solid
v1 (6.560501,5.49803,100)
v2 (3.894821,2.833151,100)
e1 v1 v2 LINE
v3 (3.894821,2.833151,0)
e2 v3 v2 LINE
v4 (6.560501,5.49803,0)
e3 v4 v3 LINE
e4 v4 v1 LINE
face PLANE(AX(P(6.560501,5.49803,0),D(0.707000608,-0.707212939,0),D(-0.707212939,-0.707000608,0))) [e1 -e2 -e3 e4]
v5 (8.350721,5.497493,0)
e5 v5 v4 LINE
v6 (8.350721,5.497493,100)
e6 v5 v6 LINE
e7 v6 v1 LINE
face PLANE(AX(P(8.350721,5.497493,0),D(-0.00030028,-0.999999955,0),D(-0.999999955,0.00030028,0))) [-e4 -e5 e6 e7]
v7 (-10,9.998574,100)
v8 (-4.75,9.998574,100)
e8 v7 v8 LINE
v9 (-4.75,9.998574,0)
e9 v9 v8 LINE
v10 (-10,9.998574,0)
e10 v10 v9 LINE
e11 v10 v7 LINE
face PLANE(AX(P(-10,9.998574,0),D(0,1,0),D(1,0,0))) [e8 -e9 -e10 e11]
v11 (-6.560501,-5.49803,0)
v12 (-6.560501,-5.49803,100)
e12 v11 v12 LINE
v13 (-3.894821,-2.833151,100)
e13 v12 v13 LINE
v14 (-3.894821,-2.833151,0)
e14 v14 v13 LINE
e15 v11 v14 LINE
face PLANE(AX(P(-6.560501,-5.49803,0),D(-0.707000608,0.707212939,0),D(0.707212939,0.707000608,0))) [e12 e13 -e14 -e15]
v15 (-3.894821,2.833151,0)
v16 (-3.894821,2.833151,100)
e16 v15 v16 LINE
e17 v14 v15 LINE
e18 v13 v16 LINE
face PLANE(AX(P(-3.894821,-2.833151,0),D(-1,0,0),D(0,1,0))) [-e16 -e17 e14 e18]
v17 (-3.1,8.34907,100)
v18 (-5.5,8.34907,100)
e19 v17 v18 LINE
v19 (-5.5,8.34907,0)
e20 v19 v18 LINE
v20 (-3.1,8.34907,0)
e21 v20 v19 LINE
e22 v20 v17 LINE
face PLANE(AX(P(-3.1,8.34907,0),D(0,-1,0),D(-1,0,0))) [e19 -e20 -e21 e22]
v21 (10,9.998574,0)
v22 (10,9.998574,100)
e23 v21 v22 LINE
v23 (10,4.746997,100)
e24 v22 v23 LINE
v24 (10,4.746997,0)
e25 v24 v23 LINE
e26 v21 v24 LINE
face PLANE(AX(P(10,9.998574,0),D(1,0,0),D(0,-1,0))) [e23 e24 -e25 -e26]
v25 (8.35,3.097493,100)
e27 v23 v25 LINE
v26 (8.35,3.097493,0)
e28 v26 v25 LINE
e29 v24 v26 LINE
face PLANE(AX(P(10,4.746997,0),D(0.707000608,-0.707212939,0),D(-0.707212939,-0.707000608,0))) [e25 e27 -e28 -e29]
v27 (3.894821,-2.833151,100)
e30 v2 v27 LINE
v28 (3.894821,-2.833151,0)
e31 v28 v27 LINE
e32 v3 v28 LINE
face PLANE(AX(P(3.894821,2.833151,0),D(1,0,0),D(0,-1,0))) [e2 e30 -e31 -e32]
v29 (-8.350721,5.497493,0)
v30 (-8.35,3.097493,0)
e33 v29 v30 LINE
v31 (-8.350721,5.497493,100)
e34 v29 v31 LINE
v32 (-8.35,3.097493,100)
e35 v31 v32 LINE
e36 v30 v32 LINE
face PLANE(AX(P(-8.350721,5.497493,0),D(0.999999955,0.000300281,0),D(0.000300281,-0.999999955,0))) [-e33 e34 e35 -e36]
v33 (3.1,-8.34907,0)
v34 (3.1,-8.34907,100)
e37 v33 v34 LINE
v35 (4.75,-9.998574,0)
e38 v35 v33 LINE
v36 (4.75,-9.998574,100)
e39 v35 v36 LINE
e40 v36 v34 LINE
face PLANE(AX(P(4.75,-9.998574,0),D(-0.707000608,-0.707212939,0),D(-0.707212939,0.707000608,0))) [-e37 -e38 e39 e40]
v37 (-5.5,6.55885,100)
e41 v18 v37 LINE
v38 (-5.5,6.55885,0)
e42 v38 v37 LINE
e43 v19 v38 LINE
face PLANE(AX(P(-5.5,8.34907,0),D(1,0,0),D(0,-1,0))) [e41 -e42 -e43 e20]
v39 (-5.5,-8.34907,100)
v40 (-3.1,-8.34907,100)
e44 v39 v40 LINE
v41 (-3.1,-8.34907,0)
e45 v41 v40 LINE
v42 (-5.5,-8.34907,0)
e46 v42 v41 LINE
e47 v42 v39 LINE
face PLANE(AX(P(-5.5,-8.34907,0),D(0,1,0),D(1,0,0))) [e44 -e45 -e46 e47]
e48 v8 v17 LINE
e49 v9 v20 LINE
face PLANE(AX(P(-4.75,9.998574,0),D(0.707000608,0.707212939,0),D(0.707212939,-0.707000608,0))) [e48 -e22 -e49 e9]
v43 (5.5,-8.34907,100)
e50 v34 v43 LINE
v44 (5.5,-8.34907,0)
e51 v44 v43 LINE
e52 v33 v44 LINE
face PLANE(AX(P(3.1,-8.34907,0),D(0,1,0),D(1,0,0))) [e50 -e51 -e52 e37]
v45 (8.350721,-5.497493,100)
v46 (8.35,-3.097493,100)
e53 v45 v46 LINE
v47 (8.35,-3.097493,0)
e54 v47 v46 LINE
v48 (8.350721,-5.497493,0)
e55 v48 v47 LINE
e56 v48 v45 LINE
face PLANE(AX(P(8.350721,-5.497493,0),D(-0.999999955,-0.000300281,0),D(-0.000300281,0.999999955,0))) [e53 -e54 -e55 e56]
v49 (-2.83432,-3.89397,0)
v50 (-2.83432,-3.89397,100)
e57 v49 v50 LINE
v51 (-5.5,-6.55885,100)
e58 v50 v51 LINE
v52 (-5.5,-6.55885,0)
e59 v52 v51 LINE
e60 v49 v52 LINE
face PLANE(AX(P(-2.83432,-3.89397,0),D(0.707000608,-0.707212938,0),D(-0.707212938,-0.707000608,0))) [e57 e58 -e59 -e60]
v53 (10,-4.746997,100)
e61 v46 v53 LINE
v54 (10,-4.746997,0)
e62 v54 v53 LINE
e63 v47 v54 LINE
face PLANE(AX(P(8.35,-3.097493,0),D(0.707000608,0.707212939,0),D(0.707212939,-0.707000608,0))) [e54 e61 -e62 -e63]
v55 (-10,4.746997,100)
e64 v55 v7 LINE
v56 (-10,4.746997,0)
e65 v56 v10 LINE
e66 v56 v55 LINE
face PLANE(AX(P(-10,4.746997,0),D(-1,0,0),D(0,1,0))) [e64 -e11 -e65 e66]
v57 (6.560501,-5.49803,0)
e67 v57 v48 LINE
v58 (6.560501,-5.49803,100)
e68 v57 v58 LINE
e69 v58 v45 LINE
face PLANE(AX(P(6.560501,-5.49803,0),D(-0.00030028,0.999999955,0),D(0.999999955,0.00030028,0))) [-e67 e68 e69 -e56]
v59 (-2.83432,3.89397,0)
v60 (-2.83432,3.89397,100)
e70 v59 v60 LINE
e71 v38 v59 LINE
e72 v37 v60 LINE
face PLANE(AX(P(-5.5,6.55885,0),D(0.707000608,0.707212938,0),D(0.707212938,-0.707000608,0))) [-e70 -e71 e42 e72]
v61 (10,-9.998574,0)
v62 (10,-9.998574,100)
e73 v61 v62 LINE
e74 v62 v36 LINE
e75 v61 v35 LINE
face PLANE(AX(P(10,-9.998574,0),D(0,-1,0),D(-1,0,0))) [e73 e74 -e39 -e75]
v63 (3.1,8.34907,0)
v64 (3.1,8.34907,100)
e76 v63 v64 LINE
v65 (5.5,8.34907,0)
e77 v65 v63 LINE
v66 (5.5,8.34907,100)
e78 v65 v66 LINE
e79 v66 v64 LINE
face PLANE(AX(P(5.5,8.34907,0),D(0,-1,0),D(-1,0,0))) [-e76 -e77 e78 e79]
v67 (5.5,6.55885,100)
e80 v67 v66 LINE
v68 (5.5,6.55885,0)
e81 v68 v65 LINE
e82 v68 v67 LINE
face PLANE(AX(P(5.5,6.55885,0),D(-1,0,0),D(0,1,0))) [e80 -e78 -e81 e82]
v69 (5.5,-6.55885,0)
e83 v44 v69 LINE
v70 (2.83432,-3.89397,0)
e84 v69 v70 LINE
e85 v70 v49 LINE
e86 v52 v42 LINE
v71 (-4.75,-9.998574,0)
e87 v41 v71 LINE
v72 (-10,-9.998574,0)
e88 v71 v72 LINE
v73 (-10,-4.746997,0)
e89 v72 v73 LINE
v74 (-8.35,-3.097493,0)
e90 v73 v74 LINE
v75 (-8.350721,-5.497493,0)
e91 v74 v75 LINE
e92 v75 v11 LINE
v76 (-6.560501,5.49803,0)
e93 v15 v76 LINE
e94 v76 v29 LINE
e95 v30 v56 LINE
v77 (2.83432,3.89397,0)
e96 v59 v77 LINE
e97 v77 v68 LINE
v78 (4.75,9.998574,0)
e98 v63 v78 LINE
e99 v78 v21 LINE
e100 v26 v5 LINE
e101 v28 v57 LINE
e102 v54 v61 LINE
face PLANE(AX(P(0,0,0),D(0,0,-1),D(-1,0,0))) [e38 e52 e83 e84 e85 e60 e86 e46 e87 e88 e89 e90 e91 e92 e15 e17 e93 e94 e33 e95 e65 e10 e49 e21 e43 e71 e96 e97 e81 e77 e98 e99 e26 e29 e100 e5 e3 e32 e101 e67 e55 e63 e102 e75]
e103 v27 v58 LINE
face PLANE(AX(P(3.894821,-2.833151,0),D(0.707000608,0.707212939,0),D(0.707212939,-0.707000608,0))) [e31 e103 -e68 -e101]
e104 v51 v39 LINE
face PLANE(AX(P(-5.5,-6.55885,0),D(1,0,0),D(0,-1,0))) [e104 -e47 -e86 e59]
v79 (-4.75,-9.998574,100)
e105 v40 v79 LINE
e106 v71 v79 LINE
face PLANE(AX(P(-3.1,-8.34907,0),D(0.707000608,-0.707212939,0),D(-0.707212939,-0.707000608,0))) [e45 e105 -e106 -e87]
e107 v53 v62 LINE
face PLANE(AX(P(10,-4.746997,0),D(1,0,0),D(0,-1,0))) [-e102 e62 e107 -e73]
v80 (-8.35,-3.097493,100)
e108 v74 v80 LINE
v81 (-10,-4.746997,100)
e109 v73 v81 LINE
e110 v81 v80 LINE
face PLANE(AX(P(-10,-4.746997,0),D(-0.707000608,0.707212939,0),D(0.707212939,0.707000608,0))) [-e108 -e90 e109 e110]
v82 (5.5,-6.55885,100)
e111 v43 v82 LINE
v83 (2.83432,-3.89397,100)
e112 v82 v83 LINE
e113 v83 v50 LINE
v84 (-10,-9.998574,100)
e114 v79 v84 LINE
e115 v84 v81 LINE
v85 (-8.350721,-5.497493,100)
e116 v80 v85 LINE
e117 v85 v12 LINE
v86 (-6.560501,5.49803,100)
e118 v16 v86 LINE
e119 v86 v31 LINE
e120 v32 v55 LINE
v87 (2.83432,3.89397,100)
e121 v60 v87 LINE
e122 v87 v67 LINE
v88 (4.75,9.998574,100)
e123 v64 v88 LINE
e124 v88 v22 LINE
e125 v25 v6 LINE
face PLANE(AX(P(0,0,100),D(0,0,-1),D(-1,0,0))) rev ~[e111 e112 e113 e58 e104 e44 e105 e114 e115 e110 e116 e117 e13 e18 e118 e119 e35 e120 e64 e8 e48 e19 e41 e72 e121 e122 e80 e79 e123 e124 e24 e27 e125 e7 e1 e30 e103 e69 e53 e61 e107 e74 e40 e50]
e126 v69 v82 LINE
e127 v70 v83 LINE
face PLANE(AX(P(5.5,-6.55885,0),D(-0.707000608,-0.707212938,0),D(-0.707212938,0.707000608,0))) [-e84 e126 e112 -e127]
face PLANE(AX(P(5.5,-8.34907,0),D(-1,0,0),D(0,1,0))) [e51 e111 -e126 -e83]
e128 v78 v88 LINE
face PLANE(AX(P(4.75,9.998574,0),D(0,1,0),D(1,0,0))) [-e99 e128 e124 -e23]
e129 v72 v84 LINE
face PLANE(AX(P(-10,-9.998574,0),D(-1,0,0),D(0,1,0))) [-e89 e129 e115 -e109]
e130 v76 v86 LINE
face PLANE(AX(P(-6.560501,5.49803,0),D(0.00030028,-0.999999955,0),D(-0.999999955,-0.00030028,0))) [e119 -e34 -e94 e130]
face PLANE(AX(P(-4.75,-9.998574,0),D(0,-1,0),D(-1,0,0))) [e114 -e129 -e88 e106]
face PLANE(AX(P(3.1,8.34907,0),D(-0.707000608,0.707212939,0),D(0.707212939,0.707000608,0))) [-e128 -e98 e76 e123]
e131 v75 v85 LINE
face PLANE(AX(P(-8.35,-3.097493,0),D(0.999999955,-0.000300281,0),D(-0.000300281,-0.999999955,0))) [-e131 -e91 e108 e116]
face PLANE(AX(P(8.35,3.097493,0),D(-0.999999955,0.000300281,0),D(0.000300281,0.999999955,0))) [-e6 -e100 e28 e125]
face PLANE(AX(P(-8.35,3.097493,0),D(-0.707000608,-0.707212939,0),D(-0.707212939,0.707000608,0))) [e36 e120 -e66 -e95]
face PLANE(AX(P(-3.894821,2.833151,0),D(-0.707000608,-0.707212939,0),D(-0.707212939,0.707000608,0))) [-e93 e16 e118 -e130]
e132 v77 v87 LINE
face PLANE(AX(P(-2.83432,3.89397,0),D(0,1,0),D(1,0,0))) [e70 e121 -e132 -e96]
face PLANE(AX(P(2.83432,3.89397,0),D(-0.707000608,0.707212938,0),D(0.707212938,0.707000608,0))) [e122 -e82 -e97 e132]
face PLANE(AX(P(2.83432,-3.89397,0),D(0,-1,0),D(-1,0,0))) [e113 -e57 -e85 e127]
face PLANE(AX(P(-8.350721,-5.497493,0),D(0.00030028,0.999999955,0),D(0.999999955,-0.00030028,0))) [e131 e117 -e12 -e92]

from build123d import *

# Parameters (mm, degrees)
BOSS_EXTRUDE1_DEPTH = 100


with BuildPart() as part:
    # Sketch1 → Boss-Extrude1 (new body)
    with BuildSketch(Plane.XY):
        Polygon((-2.834320347, 3.893970342), (2.834320347, 3.893970342), (5.5, 6.558849663), (5.5, 8.349069506), (3.1, 8.349069506), (4.75, 9.998574117), (10, 9.998574117), (10, 4.746997406), (8.35, 3.097492795), (8.350720674, 5.497492687), (6.560500912, 5.498030255), (3.894821259, 2.833150935), (3.894821259, -2.833150935), (6.560500912, -5.498030255), (8.350720674, -5.497492687), (8.35, -3.097492795), (10, -4.746997406), (10, -9.998574117), (4.75, -9.998574117), (3.1, -8.349069506), (5.5, -8.349069506), (5.5, -6.558849663), (2.834320347, -3.893970342), (-2.834320347, -3.893970342), (-5.5, -6.558849663), (-5.5, -8.349069506), (-3.1, -8.349069506), (-4.75, -9.998574117), (-10, -9.998574117), (-10, -4.746997406), (-8.35, -3.097492795), (-8.350720674, -5.497492687), (-6.560500912, -5.498030255), (-3.894821259, -2.833150935), (-3.894821259, 2.833150935), (-6.560500912, 5.498030255), (-8.350720674, 5.497492687), (-8.35, 3.097492795), (-10, 4.746997406), (-10, 9.998574117), (-4.75, 9.998574117), (-3.1, 8.349069506), (-5.5, 8.349069506), (-5.5, 6.558849663), align=None)
    extrude(amount=BOSS_EXTRUDE1_DEPTH)


solid = part.part
